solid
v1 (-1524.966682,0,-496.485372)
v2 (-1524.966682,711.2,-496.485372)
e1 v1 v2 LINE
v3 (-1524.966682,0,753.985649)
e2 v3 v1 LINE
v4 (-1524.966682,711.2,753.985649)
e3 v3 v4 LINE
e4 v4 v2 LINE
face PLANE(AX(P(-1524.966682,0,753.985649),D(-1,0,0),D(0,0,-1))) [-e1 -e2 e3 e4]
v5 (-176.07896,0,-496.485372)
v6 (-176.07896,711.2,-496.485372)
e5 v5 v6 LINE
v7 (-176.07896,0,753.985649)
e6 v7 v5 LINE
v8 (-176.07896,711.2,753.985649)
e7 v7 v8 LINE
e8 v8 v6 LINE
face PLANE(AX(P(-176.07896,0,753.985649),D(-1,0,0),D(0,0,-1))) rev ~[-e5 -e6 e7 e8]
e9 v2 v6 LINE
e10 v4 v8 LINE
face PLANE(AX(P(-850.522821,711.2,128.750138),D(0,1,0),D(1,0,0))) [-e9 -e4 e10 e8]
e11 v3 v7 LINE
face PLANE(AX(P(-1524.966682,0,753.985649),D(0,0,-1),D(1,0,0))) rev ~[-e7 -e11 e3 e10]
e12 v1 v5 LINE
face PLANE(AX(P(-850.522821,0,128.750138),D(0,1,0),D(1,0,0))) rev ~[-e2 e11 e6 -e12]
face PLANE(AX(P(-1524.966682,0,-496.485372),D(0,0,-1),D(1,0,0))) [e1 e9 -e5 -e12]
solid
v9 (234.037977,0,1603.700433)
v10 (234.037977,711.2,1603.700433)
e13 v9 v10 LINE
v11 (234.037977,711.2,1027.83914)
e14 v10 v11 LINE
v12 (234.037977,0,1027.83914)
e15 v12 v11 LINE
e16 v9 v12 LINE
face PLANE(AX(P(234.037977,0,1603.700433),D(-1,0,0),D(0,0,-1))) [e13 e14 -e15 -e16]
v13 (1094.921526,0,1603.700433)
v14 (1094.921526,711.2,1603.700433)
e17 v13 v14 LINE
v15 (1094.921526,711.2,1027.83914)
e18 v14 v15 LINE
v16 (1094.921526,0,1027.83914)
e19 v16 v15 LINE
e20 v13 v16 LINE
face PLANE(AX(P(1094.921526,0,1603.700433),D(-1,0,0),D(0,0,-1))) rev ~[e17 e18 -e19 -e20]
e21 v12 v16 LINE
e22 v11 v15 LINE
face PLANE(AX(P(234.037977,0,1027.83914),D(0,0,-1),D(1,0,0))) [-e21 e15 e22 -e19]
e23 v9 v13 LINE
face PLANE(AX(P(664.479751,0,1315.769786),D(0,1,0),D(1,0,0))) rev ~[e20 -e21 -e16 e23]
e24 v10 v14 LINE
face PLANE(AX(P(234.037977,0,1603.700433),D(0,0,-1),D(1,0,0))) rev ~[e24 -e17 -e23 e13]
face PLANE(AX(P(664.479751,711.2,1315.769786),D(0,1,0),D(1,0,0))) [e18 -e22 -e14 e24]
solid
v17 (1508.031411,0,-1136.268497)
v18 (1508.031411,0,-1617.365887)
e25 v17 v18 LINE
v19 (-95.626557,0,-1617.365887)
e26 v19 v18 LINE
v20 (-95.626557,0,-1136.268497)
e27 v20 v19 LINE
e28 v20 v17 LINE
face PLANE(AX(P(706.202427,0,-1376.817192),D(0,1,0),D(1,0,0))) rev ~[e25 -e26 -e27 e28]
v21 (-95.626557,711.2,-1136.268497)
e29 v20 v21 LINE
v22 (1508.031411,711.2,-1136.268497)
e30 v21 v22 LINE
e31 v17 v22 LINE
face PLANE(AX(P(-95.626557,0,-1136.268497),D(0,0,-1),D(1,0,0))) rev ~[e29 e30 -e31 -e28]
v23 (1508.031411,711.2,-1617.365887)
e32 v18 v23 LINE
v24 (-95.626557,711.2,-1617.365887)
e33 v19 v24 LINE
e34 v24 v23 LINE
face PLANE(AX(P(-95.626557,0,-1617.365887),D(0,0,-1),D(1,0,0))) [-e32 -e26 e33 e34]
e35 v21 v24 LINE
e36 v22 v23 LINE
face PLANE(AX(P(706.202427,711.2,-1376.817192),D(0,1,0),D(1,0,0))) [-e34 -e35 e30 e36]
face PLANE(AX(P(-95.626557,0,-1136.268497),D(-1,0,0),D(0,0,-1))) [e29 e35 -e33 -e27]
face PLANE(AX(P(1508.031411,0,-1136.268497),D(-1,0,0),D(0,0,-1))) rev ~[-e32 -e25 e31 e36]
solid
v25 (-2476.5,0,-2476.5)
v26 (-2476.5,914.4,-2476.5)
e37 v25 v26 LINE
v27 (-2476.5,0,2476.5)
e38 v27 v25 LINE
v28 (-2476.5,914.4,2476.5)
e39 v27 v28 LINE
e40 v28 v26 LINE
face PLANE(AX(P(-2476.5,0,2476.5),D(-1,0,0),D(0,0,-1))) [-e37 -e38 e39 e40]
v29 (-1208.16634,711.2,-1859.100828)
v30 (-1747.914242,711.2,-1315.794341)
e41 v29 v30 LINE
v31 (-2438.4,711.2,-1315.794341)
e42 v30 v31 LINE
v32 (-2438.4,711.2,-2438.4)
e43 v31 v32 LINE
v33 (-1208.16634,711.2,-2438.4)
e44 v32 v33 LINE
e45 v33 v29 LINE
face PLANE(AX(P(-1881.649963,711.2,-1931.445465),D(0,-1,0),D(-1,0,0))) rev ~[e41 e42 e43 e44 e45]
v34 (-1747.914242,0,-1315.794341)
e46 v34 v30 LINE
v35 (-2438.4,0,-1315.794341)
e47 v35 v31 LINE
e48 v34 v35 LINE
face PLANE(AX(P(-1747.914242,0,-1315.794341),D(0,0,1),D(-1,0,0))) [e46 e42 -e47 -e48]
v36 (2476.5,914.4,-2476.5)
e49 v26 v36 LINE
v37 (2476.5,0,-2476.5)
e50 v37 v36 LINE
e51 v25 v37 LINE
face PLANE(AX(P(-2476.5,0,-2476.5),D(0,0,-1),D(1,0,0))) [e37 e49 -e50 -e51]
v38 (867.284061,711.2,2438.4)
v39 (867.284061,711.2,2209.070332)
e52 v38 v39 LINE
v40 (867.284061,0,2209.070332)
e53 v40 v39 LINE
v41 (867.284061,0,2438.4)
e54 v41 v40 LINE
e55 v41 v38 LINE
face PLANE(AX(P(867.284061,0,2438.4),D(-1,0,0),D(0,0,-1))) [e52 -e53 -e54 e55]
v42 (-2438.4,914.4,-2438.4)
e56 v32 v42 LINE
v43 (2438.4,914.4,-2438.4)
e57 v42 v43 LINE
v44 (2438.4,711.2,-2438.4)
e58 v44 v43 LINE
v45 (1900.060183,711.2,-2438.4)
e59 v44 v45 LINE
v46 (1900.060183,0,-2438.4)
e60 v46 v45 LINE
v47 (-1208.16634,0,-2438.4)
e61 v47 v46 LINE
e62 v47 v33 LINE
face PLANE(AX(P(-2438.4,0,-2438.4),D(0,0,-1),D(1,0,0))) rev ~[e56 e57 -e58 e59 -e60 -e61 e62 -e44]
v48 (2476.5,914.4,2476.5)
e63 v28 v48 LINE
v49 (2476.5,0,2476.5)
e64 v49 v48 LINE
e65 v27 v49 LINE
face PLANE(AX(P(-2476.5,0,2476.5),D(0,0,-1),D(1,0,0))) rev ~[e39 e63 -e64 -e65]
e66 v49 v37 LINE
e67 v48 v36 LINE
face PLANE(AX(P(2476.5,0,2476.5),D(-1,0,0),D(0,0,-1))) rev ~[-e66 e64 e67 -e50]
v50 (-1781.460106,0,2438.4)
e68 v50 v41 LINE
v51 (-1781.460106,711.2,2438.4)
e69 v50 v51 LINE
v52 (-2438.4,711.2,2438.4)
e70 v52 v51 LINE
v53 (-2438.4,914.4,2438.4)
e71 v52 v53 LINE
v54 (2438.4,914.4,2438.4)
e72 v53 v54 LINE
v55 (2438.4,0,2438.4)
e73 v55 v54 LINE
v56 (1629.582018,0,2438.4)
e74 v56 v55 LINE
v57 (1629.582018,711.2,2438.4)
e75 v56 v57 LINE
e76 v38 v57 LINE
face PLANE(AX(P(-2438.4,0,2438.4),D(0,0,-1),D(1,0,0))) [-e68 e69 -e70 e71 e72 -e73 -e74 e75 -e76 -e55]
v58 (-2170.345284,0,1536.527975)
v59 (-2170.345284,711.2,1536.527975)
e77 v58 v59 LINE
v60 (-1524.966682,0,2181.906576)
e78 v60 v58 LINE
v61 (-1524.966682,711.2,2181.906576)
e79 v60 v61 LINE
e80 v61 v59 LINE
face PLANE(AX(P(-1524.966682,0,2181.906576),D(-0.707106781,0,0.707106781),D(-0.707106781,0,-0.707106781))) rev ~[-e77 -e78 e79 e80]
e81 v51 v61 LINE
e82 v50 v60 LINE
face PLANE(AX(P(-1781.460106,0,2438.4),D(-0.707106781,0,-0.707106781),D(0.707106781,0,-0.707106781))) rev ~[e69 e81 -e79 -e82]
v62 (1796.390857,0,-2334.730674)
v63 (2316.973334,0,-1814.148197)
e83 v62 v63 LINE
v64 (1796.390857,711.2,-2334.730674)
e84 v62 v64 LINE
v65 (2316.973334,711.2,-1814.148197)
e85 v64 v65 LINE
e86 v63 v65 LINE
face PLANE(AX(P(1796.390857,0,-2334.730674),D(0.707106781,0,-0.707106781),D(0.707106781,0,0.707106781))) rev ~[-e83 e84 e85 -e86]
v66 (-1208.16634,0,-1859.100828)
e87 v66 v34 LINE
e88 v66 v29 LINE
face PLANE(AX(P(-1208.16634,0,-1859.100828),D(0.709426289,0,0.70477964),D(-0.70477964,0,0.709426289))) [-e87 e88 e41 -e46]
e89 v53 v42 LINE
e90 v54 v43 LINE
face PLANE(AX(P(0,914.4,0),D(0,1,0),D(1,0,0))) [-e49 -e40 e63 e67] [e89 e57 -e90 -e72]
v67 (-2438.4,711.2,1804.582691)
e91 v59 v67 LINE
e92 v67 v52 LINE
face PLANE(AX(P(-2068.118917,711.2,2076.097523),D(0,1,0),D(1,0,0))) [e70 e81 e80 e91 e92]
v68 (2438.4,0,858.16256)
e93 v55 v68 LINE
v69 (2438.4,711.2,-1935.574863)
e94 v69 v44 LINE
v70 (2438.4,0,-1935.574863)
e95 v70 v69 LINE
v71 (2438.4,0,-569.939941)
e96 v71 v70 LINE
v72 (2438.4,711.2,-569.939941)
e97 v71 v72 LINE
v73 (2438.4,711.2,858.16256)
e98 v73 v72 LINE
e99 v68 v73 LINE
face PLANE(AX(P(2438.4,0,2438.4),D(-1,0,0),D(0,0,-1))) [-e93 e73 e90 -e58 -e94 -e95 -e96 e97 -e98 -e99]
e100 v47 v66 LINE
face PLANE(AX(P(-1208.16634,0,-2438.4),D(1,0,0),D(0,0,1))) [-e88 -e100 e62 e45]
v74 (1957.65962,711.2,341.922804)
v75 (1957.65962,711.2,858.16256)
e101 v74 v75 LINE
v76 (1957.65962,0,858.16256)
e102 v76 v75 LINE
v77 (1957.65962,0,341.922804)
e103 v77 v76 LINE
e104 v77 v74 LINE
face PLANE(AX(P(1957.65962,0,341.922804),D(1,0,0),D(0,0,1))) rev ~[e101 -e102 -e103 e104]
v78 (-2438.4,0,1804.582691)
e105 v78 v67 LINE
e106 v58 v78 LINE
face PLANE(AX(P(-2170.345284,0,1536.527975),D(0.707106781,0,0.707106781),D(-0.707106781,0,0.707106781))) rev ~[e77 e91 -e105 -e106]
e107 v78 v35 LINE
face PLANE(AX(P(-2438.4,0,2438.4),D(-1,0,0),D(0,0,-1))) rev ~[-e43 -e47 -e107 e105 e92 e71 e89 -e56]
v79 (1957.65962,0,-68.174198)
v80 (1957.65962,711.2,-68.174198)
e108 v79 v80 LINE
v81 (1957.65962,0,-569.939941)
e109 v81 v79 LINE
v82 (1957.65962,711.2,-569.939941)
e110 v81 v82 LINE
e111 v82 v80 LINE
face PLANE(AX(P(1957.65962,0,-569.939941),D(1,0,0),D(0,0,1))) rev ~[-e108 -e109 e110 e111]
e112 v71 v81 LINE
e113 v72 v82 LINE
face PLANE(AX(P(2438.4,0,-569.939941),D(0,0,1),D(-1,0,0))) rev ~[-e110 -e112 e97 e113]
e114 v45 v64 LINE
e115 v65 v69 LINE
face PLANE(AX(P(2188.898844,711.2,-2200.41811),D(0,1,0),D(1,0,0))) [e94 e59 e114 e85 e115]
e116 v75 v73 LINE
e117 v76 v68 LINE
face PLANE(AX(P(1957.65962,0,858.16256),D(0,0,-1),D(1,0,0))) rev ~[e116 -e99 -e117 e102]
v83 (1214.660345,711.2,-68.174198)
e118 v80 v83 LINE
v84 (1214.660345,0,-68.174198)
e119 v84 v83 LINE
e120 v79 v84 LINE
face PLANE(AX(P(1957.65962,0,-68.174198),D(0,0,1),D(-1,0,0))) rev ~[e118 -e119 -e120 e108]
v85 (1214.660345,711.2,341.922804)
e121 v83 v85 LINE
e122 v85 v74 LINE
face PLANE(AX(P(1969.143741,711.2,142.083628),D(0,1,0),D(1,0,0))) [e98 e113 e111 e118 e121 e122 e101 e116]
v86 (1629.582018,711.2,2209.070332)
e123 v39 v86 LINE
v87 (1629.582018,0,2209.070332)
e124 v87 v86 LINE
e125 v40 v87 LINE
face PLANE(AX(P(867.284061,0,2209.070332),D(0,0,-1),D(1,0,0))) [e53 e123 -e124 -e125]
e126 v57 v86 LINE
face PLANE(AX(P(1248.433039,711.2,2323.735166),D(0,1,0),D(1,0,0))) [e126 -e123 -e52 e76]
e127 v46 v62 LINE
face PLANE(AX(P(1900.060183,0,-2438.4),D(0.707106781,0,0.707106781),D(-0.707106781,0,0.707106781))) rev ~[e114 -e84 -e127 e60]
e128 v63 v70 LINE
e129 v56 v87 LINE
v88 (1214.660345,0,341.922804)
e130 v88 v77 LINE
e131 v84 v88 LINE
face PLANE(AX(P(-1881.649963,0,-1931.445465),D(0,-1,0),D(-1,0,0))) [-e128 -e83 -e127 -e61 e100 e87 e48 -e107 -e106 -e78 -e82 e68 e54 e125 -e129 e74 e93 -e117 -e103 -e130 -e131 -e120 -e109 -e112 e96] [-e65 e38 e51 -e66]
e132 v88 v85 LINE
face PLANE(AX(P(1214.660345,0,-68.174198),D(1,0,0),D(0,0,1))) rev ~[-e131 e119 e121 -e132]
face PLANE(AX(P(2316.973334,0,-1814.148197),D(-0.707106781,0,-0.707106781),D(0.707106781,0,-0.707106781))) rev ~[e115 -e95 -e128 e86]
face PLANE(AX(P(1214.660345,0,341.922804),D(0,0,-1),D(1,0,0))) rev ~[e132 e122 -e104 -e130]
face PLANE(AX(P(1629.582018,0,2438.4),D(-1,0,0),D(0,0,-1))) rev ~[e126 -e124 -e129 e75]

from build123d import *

# Parameters (mm, degrees)
SKETCH1_W           = 4953
SKETCH1_H           = 4953
SKETCH1_W_2         = 4876.8
SKETCH1_H_2         = 4876.8
BOSS_EXTRUDE1_DEPTH = 914.4
SKETCH3_W           = 1603.657967537
SKETCH3_H           = 481.097390261
SKETCH3_W_2         = 1348.887721916
SKETCH3_H_2         = 1250.471021175
SKETCH3_W_3         = 860.88354889
SKETCH3_H_3         = 575.861292838
SKETCH3_W_4         = 762.297956926
SKETCH3_H_4         = 229.329668114
BOSS_EXTRUDE2_DEPTH = 711.2


with BuildPart() as part:
    # Sketch1 → Boss-Extrude1 (new body)
    with BuildSketch(Plane(origin=(0, 0, 0), x_dir=(1, 0, 0), z_dir=(0, 1, 0))):
        Rectangle(SKETCH1_W, SKETCH1_H)
        Rectangle(SKETCH1_W_2, SKETCH1_H_2, mode=Mode.SUBTRACT)
    extrude(amount=BOSS_EXTRUDE1_DEPTH)

    # Sketch3 → Boss-Extrude2 (add)
    with BuildSketch(Plane(origin=(0, 0, 0), x_dir=(1, 0, 0), z_dir=(0, 1, 0))):
        Polygon((-1208.166340479, 2438.4), (-1208.166340479, 1859.100828323), (-1747.914241925, 1315.794340557), (-2438.4, 1315.794340557), (-2438.4, 2438.4), align=None)
        Polygon((1900.060182517, 2438.4), (1796.390856931, 2334.730674414), (2316.973334208, 1814.148197136), (2438.4, 1935.574862928), (2438.4, 2438.4), align=None)
        with Locations((706.202427143, 1376.817191918)):
            Rectangle(SKETCH3_W, SKETCH3_H)
        with Locations((-850.522821308, -128.750138427)):
            Rectangle(SKETCH3_W_2, SKETCH3_H_2)
        with Locations((664.479751449, -1315.769786399)):
            Rectangle(SKETCH3_W_3, SKETCH3_H_3)
        Polygon((2438.4, 569.939941463), (1957.659619596, 569.939941463), (1957.659619596, 68.174197664), (1214.660345125, 68.174197664), (1214.660345125, -341.92280448), (1957.659619596, -341.92280448), (1957.659619596, -858.162560119), (2438.4, -858.162560119), align=None)
        with Locations((1248.433039419, -2323.735165943)):
            Rectangle(SKETCH3_W_4, SKETCH3_H_4)
        Polygon((-1781.46010583, -2438.4), (-1524.966682266, -2181.906576436), (-2170.345283803, -1536.527974899), (-2438.4, -1804.582691096), (-2438.4, -2438.4), align=None)
    extrude(amount=BOSS_EXTRUDE2_DEPTH)


solid = part.part
